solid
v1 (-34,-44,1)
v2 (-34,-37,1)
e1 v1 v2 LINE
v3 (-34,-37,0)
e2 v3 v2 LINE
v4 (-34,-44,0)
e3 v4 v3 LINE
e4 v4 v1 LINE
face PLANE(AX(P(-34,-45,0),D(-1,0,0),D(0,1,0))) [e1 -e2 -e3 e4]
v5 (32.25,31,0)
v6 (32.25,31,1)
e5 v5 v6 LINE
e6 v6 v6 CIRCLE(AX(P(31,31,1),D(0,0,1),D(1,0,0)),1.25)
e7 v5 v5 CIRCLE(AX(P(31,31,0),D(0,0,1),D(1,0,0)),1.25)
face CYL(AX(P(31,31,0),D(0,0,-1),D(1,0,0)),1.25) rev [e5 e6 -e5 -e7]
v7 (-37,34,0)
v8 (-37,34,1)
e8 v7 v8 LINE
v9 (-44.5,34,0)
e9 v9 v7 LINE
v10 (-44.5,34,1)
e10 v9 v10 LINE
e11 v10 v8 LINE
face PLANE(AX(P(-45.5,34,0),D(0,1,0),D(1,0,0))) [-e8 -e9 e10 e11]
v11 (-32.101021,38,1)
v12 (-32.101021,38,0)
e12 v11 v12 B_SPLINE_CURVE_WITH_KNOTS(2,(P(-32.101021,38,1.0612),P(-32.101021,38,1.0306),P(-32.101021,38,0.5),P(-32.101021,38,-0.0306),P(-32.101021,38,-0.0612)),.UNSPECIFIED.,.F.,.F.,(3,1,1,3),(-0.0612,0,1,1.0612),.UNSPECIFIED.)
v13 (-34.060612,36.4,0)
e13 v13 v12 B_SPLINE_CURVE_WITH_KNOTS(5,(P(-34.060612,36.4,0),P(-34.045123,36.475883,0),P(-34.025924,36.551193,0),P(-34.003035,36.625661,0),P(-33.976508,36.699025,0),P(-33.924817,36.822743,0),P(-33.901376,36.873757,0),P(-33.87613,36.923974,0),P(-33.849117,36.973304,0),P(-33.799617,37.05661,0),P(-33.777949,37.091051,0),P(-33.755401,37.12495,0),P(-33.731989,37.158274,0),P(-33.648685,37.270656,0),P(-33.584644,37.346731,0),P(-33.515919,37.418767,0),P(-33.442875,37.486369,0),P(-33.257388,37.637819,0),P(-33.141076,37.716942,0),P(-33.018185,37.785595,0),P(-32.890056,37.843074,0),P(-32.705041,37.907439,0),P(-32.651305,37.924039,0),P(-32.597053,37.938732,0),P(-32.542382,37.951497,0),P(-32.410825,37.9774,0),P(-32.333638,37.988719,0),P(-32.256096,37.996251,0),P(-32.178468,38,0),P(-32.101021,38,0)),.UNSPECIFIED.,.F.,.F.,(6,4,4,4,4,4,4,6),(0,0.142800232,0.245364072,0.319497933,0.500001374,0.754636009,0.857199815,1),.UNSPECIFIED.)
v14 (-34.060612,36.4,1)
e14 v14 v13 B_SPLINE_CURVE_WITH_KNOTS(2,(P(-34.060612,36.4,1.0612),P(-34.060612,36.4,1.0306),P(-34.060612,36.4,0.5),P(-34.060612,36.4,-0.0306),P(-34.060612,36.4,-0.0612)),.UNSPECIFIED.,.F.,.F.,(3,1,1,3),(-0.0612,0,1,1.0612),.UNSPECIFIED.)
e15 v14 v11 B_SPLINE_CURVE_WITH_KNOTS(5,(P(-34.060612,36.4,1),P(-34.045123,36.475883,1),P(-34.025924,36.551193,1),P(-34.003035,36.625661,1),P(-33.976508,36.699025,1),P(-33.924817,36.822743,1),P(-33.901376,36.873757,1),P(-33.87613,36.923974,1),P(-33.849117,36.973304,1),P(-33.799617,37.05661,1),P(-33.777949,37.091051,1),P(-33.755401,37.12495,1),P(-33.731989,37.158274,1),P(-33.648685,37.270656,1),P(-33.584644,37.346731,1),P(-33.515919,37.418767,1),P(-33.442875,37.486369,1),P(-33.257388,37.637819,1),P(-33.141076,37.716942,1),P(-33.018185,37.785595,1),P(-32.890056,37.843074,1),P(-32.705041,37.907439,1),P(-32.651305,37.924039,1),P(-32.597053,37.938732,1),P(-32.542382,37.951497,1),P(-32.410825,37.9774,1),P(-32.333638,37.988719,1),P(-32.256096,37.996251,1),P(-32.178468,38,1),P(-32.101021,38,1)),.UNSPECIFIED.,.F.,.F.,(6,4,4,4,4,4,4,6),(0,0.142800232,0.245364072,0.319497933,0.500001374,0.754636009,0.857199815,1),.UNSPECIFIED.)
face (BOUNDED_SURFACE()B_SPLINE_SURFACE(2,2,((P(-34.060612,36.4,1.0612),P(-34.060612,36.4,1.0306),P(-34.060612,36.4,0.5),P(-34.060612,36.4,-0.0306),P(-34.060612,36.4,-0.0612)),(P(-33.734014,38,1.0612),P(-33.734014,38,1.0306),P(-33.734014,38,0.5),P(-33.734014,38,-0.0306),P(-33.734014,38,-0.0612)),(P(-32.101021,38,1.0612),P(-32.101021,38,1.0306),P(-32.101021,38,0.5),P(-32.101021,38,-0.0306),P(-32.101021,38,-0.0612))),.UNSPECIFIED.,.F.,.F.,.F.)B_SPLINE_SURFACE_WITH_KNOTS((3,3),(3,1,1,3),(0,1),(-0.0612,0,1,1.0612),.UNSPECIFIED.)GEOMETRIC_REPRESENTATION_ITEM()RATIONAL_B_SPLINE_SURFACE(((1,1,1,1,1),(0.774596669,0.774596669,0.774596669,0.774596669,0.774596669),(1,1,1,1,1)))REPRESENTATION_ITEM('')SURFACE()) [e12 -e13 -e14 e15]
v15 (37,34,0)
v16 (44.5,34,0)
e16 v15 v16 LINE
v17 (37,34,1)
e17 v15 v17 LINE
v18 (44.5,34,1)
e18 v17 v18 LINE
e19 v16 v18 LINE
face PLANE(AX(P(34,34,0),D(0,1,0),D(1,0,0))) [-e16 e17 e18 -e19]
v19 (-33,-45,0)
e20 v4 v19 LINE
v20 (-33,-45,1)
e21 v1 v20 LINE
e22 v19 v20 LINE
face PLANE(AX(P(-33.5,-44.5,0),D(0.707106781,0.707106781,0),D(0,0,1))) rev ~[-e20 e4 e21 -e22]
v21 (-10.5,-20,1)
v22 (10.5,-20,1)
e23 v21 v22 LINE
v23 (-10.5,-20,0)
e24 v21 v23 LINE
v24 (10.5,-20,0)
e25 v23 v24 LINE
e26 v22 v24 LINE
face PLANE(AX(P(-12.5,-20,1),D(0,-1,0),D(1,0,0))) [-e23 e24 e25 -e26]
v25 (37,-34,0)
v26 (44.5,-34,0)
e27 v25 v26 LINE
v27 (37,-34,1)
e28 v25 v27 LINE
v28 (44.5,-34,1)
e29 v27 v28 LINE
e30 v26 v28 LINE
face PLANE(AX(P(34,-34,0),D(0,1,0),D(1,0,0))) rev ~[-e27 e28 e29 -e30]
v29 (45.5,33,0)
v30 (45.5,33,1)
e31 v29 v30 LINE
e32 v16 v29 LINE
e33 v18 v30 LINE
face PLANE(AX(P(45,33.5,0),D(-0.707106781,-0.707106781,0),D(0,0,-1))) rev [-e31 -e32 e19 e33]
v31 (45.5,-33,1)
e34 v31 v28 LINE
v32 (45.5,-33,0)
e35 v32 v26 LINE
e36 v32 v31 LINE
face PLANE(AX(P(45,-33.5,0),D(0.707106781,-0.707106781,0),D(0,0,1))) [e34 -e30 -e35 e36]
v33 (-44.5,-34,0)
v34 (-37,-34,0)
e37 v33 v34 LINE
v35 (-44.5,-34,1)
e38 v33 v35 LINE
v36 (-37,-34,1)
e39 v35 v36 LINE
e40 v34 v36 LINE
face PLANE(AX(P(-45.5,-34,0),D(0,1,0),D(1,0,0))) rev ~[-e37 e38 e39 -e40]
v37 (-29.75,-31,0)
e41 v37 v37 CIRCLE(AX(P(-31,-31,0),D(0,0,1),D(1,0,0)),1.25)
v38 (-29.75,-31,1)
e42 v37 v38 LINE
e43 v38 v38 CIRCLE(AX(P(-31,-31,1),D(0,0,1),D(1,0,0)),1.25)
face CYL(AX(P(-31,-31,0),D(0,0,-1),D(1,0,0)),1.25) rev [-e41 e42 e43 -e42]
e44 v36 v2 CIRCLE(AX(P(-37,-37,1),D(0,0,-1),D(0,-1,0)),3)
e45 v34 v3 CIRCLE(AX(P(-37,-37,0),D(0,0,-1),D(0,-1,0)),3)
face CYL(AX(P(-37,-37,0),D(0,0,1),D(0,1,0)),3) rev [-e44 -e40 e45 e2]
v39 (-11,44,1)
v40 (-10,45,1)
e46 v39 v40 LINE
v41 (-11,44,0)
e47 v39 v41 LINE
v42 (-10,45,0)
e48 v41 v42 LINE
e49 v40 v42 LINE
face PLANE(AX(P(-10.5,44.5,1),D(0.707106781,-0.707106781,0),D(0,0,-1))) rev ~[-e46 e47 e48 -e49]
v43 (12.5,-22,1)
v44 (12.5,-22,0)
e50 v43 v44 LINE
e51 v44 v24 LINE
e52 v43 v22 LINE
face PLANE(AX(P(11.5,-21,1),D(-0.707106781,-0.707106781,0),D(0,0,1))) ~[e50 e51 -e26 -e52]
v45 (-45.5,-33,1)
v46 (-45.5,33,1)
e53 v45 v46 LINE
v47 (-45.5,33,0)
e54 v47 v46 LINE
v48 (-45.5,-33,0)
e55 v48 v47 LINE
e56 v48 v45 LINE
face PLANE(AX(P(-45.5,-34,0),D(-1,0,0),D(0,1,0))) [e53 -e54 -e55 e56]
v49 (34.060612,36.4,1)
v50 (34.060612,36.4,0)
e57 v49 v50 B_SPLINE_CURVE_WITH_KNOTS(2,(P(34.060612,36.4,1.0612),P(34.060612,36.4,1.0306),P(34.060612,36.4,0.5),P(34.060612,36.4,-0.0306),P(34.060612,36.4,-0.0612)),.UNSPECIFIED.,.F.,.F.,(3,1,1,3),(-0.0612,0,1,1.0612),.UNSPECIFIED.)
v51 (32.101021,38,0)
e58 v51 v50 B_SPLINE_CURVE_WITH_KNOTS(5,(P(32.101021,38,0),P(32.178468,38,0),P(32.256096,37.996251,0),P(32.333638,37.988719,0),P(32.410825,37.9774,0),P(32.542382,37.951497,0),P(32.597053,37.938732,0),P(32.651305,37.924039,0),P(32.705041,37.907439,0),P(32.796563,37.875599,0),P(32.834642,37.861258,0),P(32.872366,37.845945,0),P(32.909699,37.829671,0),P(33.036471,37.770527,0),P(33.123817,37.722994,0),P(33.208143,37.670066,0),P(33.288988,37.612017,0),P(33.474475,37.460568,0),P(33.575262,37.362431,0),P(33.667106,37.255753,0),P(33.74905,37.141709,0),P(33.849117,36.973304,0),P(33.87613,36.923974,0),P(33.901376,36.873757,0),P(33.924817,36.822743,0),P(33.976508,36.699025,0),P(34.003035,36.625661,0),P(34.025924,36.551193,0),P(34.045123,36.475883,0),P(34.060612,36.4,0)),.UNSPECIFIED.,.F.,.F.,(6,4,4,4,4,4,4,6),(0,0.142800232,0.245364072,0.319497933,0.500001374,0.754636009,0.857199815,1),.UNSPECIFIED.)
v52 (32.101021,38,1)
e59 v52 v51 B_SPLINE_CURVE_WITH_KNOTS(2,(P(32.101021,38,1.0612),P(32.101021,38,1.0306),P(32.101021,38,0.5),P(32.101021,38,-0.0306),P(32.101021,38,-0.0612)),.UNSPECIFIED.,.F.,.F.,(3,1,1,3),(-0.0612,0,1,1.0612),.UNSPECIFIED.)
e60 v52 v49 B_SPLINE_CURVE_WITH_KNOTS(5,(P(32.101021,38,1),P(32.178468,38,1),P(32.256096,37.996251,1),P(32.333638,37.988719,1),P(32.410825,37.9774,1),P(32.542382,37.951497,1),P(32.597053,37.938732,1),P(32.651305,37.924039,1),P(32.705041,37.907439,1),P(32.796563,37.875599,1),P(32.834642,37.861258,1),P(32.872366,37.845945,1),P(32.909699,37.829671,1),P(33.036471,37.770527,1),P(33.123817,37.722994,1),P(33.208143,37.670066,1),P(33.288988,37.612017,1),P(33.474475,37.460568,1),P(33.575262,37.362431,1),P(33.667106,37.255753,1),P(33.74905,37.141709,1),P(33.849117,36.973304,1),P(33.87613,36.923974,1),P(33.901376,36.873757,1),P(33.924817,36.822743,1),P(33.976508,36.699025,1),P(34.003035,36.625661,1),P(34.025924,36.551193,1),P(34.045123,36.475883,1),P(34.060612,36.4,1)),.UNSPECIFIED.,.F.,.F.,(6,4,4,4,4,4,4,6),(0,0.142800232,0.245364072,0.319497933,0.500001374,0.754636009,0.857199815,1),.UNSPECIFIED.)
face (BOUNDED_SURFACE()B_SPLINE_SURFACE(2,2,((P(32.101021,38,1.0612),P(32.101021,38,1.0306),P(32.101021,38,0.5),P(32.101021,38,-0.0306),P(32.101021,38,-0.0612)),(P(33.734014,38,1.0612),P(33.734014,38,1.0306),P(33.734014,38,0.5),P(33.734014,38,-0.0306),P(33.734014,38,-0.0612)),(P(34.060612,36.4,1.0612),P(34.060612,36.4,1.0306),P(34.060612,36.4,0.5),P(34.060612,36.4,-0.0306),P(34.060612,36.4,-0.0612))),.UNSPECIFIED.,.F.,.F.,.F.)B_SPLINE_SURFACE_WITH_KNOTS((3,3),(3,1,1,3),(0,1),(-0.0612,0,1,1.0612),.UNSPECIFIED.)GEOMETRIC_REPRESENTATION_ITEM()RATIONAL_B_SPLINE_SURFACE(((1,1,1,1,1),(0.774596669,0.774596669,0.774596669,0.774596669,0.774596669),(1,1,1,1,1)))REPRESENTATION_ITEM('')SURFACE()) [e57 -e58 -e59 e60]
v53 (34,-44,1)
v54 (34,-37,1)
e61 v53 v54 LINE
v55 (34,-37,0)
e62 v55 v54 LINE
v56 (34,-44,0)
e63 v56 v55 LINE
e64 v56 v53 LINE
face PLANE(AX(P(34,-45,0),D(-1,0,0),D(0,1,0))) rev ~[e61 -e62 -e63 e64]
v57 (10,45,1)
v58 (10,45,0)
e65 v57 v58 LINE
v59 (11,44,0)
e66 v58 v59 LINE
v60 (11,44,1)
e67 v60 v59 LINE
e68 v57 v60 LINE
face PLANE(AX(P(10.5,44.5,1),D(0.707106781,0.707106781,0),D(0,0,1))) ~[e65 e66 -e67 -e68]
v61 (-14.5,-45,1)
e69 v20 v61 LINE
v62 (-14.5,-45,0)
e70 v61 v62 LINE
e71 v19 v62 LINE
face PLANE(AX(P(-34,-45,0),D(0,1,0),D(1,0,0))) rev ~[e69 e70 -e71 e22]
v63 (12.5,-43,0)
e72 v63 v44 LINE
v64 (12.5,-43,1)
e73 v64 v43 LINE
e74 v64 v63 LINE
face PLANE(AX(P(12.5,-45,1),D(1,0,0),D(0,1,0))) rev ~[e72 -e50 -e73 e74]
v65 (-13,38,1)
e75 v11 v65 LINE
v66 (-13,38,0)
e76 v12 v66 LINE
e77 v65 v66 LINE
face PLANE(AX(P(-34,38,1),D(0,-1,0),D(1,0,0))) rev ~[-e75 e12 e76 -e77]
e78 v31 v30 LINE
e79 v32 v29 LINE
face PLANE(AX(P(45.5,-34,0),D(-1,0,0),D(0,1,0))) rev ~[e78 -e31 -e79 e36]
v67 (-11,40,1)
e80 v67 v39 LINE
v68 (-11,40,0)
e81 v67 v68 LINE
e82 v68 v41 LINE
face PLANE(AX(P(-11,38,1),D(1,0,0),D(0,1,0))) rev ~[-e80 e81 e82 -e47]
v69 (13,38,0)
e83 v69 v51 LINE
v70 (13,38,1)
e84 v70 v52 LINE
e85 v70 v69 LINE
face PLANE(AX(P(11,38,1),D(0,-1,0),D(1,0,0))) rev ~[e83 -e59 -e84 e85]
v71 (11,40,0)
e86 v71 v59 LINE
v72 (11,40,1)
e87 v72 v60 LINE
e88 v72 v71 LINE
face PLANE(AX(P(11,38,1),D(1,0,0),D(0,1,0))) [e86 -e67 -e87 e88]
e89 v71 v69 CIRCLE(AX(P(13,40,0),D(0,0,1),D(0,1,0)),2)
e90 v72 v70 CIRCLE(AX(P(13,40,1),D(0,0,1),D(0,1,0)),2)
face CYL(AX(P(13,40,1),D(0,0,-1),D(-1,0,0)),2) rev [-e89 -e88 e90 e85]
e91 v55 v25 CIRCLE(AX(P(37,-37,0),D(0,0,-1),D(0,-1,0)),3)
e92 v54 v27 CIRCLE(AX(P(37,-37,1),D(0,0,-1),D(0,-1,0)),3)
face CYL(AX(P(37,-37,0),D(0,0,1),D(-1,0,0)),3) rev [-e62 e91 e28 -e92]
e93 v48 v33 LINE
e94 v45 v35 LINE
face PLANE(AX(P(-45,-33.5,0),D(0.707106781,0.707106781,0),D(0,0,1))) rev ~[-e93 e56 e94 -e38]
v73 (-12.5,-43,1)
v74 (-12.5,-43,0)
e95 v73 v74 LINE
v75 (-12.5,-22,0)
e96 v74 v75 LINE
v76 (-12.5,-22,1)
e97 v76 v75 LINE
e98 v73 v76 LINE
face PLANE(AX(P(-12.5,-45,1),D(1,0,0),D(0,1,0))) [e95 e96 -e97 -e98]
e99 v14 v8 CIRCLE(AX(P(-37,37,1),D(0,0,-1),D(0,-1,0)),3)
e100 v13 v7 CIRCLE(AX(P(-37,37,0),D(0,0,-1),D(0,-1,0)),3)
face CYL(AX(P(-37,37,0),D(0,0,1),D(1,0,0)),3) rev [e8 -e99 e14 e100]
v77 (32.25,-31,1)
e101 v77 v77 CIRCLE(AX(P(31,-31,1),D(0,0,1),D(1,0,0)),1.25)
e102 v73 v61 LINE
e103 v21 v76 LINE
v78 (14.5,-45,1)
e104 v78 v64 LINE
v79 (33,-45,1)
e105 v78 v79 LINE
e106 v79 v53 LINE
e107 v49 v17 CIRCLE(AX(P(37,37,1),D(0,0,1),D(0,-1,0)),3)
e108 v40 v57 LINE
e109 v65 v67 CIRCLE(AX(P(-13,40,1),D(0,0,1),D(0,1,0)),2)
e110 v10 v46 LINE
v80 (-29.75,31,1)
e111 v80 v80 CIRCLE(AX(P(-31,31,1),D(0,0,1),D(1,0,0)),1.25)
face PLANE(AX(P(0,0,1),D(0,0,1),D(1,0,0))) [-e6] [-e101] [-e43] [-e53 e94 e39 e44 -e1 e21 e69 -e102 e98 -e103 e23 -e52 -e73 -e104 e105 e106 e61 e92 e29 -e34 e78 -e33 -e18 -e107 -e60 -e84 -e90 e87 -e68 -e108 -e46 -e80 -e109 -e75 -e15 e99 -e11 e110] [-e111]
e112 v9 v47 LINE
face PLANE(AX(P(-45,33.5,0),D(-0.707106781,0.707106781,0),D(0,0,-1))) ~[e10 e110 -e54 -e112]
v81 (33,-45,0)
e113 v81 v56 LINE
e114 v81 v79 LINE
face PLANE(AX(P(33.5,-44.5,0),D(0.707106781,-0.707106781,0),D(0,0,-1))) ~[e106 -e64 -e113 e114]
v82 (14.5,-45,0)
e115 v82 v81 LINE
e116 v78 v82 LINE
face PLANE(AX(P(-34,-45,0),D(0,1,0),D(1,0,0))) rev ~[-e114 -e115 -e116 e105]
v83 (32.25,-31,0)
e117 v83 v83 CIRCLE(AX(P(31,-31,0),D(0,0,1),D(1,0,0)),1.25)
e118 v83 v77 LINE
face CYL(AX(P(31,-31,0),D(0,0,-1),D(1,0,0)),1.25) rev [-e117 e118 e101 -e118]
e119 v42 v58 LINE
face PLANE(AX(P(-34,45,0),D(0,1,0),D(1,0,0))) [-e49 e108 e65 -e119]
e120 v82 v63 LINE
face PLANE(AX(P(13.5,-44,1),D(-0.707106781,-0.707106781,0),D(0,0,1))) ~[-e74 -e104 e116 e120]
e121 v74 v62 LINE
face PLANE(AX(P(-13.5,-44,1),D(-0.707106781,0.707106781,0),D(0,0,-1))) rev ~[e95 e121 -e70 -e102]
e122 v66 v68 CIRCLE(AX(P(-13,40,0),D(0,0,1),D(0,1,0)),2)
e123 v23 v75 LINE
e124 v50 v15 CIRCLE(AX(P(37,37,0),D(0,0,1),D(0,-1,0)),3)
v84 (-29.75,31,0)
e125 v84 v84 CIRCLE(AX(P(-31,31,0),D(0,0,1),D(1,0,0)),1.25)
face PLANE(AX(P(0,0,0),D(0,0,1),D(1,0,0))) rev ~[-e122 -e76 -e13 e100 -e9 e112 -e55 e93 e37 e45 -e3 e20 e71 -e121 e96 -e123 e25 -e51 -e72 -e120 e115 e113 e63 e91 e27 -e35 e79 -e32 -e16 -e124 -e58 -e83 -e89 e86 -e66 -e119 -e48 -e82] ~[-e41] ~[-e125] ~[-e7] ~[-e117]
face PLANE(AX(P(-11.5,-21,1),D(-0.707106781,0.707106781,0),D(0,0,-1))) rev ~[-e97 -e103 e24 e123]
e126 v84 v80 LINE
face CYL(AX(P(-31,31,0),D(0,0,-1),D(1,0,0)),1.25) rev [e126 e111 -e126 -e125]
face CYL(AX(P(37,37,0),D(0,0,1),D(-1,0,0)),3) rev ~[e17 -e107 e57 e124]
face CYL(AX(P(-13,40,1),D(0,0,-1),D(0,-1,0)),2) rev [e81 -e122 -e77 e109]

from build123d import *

# Parameters (mm, degrees)
SKETCH_1_W          = 68
SKETCH_1_H          = 68
SKETCH_1_R          = 1.25
SKETCH_1_H_2        = 11
SKETCH_1_W_2        = 11.5
EXTRUDE_2_DEPTH     = 1
FILLET_1_R          = 3
SKETCH_3_W          = 25
SKETCH_3_H          = 25
CUT_EXTRUDE_1_DEPTH = 2
CHAMFER_1_SIZE      = 2
SKETCH_5_W          = 23
SKETCH_5_H          = 7
CUT_EXTRUDE_2_DEPTH = 2
FILLET_2_R          = 2
CHAMFER_2_SIZE      = 1


with BuildPart() as part:
    # ｽｹｯﾁ1 → ﾎﾞｽ - 押し出し2 (new body)
    with BuildSketch(Plane.XY):
        Rectangle(SKETCH_1_W, SKETCH_1_H)
        with Locations((-31, -31)):
            Circle(SKETCH_1_R, mode=Mode.SUBTRACT)
        with Locations((31, -31)):
            Circle(SKETCH_1_R, mode=Mode.SUBTRACT)
        with Locations((-31, 31)):
            Circle(SKETCH_1_R, mode=Mode.SUBTRACT)
        with Locations((31, 31)):
            Circle(SKETCH_1_R, mode=Mode.SUBTRACT)
        with Locations((0, 39.5)):
            Rectangle(SKETCH_1_W, SKETCH_1_H_2)
        with Locations((-39.75, 0)):
            Rectangle(SKETCH_1_W_2, SKETCH_1_H)
        with Locations((39.75, 0)):
            Rectangle(SKETCH_1_W_2, SKETCH_1_H)
        with Locations((0, -39.5)):
            Rectangle(SKETCH_1_W, SKETCH_1_H_2)
    extrude(amount=EXTRUDE_2_DEPTH)

    # ﾌｨﾚｯﾄ1
    fillet_1_edges = [part.edges().sort_by_distance(p)[0] for p in [
        (-34, -34, 0.5),
        (-34, 34, 0.5),
        (34, 34, 0.5),
        (34, -34, 0.5),
    ]]
    fillet(fillet_1_edges, radius=FILLET_1_R)

    # ｽｹｯﾁ3 → ｶｯﾄ - 押し出し1 (cut, through all)
    with BuildSketch(Plane.XY.offset(1)):
        with Locations((0, -32.5)):
            Rectangle(SKETCH_3_W, SKETCH_3_H)
    extrude(amount=-CUT_EXTRUDE_1_DEPTH, mode=Mode.SUBTRACT)

    # 面取り1
    chamfer_1_edges = [part.edges().sort_by_distance(p)[0] for p in [
        (-12.5, -45, 0.5),
        (-12.5, -20, 0.5),
        (12.5, -20, 0.5),
        (12.5, -45, 0.5),
    ]]
    chamfer(chamfer_1_edges, length=CHAMFER_1_SIZE)

    # ｽｹｯﾁ5 → ｶｯﾄ - 押し出し2 (cut, through all)
    with BuildSketch(Plane.XY.offset(1)):
        with Locations((-22.5, 41.5)):
            Rectangle(SKETCH_5_W, SKETCH_5_H)
        with Locations((22.5, 41.5)):
            Rectangle(SKETCH_5_W, SKETCH_5_H)
    extrude(amount=-CUT_EXTRUDE_2_DEPTH, mode=Mode.SUBTRACT)

    # ﾌｨﾚｯﾄ2
    fillet_2_edges = [part.edges().sort_by_distance(p)[0] for p in [
        (11, 38, 0.5),
        (34, 38, 0.5),
        (-11, 38, 0.5),
        (-34, 38, 0.5),
    ]]
    fillet(fillet_2_edges, radius=FILLET_2_R)

    # 面取り2
    chamfer_2_edges = [part.edges().sort_by_distance(p)[0] for p in [
        (-11, 45, 0.5),
        (11, 45, 0.5),
        (34, -45, 0.5),
        (-34, -45, 0.5),
        (-45.5, -34, 0.5),
        (-45.5, 34, 0.5),
        (45.5, 34, 0.5),
        (45.5, -34, 0.5),
    ]]
    chamfer(chamfer_2_edges, length=CHAMFER_2_SIZE)


solid = part.part
